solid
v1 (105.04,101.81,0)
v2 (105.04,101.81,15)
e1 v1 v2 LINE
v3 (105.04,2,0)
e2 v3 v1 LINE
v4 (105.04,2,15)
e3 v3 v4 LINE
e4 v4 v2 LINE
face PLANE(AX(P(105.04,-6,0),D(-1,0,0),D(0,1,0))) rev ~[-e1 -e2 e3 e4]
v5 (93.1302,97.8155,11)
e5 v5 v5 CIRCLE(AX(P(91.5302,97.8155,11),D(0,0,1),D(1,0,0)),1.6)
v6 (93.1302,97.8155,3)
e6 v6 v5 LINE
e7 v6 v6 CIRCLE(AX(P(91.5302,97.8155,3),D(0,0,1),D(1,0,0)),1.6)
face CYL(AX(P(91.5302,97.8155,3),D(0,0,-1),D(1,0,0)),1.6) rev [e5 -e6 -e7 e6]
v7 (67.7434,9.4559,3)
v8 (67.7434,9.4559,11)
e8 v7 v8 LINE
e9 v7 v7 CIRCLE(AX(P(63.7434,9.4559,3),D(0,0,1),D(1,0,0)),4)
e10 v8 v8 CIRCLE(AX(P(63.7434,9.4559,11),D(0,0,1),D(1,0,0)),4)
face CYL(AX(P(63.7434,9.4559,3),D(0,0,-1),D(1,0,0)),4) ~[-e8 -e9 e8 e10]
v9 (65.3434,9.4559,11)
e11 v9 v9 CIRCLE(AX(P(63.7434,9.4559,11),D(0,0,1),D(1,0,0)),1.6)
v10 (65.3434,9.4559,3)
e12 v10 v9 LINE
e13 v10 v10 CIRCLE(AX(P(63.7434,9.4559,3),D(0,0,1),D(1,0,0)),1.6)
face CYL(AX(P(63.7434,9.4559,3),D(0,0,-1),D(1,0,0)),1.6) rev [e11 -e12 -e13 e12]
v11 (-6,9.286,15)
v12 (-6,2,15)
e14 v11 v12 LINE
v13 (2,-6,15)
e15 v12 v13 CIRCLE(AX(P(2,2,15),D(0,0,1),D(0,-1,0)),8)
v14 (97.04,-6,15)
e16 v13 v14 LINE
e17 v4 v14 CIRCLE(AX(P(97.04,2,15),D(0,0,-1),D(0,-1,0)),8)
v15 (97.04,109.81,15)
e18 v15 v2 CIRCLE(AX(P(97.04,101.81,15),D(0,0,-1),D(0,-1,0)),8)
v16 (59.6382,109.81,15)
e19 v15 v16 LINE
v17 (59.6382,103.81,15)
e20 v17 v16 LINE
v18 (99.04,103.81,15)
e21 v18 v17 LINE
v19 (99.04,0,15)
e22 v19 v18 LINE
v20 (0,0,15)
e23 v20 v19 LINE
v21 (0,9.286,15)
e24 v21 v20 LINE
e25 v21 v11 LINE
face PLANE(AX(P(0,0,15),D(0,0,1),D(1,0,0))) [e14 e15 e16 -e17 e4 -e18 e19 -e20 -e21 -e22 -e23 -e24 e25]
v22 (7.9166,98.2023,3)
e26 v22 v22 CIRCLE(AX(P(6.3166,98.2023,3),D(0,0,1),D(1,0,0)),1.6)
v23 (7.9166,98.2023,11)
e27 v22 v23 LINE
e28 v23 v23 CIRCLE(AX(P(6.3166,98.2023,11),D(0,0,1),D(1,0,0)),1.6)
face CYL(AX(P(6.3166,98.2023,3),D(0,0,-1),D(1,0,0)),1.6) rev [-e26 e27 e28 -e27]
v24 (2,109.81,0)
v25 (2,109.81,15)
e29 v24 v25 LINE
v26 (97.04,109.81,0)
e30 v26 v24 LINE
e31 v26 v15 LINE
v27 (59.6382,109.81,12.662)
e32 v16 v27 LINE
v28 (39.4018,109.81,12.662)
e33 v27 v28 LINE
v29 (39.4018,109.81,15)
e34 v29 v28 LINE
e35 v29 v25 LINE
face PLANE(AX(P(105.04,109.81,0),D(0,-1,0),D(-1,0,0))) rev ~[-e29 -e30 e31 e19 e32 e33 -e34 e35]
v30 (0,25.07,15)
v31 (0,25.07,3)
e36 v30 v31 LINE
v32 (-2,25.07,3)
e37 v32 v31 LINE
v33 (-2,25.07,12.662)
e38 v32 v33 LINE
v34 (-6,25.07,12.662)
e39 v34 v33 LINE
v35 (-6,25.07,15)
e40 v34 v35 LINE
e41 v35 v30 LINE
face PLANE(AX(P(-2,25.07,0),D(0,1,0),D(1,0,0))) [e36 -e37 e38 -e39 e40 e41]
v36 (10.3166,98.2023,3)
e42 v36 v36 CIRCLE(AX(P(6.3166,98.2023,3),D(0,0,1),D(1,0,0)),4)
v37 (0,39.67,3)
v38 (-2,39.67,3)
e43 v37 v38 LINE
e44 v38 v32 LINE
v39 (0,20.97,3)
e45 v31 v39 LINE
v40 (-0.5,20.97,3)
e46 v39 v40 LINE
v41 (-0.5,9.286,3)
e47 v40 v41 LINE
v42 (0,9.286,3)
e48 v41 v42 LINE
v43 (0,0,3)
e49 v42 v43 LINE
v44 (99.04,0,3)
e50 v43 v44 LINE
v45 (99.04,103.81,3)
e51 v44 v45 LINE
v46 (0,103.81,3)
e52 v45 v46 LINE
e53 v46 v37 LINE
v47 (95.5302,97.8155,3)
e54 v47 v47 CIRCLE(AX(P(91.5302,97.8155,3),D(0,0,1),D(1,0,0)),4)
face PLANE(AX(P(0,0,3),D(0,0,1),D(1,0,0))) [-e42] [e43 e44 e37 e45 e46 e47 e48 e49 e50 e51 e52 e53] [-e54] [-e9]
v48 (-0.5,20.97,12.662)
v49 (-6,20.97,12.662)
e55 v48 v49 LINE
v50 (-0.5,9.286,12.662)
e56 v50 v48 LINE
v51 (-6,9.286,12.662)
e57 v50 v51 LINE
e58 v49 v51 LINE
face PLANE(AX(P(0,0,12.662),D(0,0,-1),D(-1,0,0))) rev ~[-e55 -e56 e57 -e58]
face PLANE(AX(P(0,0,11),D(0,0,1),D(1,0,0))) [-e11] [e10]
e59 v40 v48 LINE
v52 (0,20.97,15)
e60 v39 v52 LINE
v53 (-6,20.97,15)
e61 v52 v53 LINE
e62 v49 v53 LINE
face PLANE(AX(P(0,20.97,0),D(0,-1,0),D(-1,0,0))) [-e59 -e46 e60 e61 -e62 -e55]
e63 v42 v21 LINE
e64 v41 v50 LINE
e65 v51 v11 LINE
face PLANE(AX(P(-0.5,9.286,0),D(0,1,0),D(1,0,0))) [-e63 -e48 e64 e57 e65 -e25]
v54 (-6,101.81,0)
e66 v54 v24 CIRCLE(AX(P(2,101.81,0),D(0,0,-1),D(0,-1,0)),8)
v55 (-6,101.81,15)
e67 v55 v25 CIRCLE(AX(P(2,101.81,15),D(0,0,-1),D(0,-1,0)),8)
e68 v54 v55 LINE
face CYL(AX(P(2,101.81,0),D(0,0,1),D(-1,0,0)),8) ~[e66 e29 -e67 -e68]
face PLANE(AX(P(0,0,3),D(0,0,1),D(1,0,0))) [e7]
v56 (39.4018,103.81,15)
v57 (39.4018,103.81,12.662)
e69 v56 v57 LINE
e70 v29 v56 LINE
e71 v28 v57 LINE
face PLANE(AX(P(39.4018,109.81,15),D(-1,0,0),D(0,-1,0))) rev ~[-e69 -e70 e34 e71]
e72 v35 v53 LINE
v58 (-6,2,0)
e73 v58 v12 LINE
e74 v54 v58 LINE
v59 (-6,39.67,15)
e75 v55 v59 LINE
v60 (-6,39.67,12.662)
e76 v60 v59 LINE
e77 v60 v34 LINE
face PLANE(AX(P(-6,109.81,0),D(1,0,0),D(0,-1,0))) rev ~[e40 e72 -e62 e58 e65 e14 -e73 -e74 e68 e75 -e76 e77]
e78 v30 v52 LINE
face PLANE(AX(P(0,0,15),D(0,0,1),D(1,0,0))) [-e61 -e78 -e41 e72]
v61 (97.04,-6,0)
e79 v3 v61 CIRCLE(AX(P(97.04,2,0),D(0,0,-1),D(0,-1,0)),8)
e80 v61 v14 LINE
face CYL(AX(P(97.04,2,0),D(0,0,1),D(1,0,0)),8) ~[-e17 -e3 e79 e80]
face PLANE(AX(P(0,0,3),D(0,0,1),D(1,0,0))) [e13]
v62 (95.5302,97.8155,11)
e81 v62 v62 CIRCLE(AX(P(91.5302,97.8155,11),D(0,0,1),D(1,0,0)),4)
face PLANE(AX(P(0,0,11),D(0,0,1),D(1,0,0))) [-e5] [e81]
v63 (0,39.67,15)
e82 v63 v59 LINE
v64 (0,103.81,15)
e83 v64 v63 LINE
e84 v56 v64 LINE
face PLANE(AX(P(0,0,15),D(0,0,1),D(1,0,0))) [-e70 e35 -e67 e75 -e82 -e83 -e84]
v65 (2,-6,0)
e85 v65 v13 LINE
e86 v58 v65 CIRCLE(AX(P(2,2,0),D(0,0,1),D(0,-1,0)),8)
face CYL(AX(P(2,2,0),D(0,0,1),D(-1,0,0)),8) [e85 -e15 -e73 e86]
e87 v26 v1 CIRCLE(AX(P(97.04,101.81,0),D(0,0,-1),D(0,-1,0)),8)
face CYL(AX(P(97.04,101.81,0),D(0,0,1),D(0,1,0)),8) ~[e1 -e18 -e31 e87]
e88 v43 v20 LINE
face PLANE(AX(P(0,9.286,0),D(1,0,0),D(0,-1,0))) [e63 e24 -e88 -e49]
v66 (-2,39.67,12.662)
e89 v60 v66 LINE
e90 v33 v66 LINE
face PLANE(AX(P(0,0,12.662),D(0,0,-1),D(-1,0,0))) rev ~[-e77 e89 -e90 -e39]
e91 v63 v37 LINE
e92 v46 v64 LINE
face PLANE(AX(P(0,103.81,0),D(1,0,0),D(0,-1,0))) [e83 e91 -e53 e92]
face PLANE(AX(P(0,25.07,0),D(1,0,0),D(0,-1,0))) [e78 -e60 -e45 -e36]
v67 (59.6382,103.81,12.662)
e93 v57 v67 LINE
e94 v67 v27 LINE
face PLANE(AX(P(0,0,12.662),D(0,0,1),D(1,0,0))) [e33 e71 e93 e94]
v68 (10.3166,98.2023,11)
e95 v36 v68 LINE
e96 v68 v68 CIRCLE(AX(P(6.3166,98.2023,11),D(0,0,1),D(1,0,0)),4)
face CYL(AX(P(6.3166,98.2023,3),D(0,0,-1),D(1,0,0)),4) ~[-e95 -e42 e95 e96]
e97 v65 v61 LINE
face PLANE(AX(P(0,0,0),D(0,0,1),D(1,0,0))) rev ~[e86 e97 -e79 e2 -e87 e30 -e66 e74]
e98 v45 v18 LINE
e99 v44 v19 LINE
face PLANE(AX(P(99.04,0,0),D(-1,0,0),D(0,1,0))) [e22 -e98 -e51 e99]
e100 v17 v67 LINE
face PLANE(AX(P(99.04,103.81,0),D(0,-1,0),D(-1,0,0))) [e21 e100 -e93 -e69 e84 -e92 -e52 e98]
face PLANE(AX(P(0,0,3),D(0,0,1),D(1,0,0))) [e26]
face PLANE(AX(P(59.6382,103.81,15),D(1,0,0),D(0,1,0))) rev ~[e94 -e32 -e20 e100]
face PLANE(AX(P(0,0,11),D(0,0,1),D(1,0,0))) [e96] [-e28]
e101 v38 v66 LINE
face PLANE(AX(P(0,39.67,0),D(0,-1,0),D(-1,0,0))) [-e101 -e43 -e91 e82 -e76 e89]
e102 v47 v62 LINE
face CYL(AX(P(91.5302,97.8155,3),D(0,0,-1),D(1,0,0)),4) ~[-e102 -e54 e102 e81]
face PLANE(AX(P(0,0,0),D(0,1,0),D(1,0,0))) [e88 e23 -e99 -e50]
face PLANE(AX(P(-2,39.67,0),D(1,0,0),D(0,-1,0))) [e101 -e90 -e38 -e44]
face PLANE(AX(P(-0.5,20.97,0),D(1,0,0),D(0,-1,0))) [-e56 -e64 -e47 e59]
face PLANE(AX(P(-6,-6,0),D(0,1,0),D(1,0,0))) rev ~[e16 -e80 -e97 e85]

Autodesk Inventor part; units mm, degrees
ref_plane "YZ Plane" through (0, 0, 0) normal (1, 0, 0) x (0, 1, 0)
ref_plane "XZ Plane" through (0, 0, 0) normal (0, 1, 0) x (-1, 0, 0)
sketch "Sketch1" plane through (0, 0, 0) normal (0, 0, 1) x (1, 0, 0)
  line L0 (0, 103.81) -> (0, 0)
  line L1 (99.04, 103.81) -> (0, 103.81)
  line L2 (99.04, 0) -> (99.04, 103.81)
  circle A0 centre (91.5302, 97.8155) radius 1.6
  circle A1 centre (6.3166, 98.2023) radius 1.6
  circle A2 centre (63.7434, 9.4559) radius 1.6
  line L3 (-2.8877, 39.67) -> (-2.8877, 25.07)
  line L4 (18.04, 39.67) -> (-2.8877, 39.67)
  line L5 (-2.8877, 25.07) -> (18.04, 25.07)
  line L6 (5.99, 20.97) -> (-0.5, 20.97)
  line L7 (-0.5, 20.97) -> (-0.5, 9.286)
  line L8 (-0.5, 9.286) -> (5.99, 9.286)
  line L9 (5.99, 9.286) -> (5.99, 20.97)
  line L10 (18.04, 25.07) -> (18.04, 39.67)
  line L11 (0, 0) -> (99.04, 0)
  line L12 (-2, 105.81) -> (-2, -2)
  line L13 (-2, -2) -> (101.04, -2)
  line L14 (101.04, -2) -> (101.04, 105.81)
  line L15 (101.04, 105.81) -> (-2, 105.81)
  line L16 (-6, 109.81) -> (-6, -6)
  line L17 (-6, -6) -> (105.04, -6)
  line L18 (105.04, -6) -> (105.04, 109.81)
  line L19 (105.04, 109.81) -> (-6, 109.81)
  point P0 (-2, 25.07)
  point P1 (-2, 39.67)
  point P2 (0, 39.67)
  point P3 (0, 9.286)
  point P4 (0, 20.97)
  point P5 (0, 25.07)
  dimension "d0" = 2
  dimension "d1" = 4
extrude "Extrusion1" add sketch "Sketch1" along normal blind 15 contours L0 L4 L12 L15 L14 L13 L5 L6 L7 L8 L11 L2 L1 | L12 L5 L3 L4 | L19 L18 L17 L16
extrude "Extrusion2" add sketch "Sketch1" along normal blind 3 contours L1 L2 L11 L0 L8 L9 L6 L5 L10 L4 | L4 L10 L5 L0 | L0 L5 L12 L4 | L6 L9 L8 L0 | L0 L8 L7 L6 | A0 | A1 | A2
sketch "Sketch2" plane through (0, 0, 3) normal (0, 0, 1) x (1, 0, 0)
  circle A0 centre (63.7434, 9.4559) radius 1.6 projected
  circle A1 centre (91.5302, 97.8155) radius 1.6 projected
  circle A2 centre (6.3166, 98.2023) radius 1.6 projected
  circle A3 centre (6.3166, 98.2023) radius 4
  circle A4 centre (91.5302, 97.8155) radius 4
  circle A5 centre (63.7434, 9.4559) radius 4
  point P0 (0, 0)
  dimension "d8" = 8
  dimension "d9" = 8
  dimension "d10" = 8
extrude "Extrusion4" add sketch "Sketch2" along normal blind 8
ref_plane "Work Plane1" through (0, 0, 12.662) normal (0, 0, -1) x (-1, 0, 0)
sketch "Sketch3" plane through (0, 0, 12.662) normal (0, 0, -1) x (-1, 0, 0)
  line L0 (2, 25.07) -> (2, 39.67) projected
  line L1 (2, 39.67) -> (6, 39.67)
  line L2 (6, 109.81) -> (6, -6) projected
  line L3 (0, 20.97) -> (0, 25.07) projected
  line L4 (6, 39.67) -> (0, 39.67)
  line L5 (0, 39.67) -> (0, 25.07)
  line L6 (0, 25.07) -> (6, 25.07)
  line L7 (6, 25.07) -> (6, 39.67)
  line L8 (0.5, 20.97) -> (0, 20.97) projected
  line L9 (0.5, 20.97) -> (6, 20.97)
  line L10 (0, 9.286) -> (0.5, 9.286) projected
  line L11 (0.5, 9.286) -> (6, 9.286)
  line L12 (6, 9.286) -> (6, 20.97)
  line L13 (0.5, 9.286) -> (0.5, 20.97) projected
  line L14 (0.5, 20.97) -> (0.5, 9.286)
  point P0 (0, 0)
extrude "Extrusion5" cut sketch "Sketch3" against normal blind 8 contours L6 L5 L4 L0 | L0 L1 L2 L6 | L2 L11 L13 L9
fillet "Fillet1" radius 8 4 edges at (-6, 109.81, 7.5) (-6, -6, 7.5) (105.04, -6, 7.5) (105.04, 109.81, 7.5)
sketch "Sketch4" plane through (0, 0, 15) normal (0, 0, 1) x (1, 0, 0)
  line L0 (97.04, 109.81) -> (2, 109.81) projected
  line L1 (2, 109.81) -> (97.04, 109.81)
  line L2 (0, 103.81) -> (99.04, 103.81) projected
  line L3 (39.4018, 103.81) -> (59.6382, 103.81)
  line L4 (59.6382, 103.81) -> (59.6382, 109.81)
  line L5 (59.6382, 109.81) -> (39.4018, 109.81)
  line L6 (39.4018, 109.81) -> (39.4018, 103.81)
  line L7 (39.4018, 103.81) -> (59.6382, 109.81) construction
  line L8 (59.6382, 103.81) -> (39.4018, 109.81) construction
  point P0 (0, 0)
  point P1 (49.52, 106.81)
extrude "Extrusion6" cut sketch "Sketch4" against normal up to surface (2.338 mm away)
properties part number "Base"
